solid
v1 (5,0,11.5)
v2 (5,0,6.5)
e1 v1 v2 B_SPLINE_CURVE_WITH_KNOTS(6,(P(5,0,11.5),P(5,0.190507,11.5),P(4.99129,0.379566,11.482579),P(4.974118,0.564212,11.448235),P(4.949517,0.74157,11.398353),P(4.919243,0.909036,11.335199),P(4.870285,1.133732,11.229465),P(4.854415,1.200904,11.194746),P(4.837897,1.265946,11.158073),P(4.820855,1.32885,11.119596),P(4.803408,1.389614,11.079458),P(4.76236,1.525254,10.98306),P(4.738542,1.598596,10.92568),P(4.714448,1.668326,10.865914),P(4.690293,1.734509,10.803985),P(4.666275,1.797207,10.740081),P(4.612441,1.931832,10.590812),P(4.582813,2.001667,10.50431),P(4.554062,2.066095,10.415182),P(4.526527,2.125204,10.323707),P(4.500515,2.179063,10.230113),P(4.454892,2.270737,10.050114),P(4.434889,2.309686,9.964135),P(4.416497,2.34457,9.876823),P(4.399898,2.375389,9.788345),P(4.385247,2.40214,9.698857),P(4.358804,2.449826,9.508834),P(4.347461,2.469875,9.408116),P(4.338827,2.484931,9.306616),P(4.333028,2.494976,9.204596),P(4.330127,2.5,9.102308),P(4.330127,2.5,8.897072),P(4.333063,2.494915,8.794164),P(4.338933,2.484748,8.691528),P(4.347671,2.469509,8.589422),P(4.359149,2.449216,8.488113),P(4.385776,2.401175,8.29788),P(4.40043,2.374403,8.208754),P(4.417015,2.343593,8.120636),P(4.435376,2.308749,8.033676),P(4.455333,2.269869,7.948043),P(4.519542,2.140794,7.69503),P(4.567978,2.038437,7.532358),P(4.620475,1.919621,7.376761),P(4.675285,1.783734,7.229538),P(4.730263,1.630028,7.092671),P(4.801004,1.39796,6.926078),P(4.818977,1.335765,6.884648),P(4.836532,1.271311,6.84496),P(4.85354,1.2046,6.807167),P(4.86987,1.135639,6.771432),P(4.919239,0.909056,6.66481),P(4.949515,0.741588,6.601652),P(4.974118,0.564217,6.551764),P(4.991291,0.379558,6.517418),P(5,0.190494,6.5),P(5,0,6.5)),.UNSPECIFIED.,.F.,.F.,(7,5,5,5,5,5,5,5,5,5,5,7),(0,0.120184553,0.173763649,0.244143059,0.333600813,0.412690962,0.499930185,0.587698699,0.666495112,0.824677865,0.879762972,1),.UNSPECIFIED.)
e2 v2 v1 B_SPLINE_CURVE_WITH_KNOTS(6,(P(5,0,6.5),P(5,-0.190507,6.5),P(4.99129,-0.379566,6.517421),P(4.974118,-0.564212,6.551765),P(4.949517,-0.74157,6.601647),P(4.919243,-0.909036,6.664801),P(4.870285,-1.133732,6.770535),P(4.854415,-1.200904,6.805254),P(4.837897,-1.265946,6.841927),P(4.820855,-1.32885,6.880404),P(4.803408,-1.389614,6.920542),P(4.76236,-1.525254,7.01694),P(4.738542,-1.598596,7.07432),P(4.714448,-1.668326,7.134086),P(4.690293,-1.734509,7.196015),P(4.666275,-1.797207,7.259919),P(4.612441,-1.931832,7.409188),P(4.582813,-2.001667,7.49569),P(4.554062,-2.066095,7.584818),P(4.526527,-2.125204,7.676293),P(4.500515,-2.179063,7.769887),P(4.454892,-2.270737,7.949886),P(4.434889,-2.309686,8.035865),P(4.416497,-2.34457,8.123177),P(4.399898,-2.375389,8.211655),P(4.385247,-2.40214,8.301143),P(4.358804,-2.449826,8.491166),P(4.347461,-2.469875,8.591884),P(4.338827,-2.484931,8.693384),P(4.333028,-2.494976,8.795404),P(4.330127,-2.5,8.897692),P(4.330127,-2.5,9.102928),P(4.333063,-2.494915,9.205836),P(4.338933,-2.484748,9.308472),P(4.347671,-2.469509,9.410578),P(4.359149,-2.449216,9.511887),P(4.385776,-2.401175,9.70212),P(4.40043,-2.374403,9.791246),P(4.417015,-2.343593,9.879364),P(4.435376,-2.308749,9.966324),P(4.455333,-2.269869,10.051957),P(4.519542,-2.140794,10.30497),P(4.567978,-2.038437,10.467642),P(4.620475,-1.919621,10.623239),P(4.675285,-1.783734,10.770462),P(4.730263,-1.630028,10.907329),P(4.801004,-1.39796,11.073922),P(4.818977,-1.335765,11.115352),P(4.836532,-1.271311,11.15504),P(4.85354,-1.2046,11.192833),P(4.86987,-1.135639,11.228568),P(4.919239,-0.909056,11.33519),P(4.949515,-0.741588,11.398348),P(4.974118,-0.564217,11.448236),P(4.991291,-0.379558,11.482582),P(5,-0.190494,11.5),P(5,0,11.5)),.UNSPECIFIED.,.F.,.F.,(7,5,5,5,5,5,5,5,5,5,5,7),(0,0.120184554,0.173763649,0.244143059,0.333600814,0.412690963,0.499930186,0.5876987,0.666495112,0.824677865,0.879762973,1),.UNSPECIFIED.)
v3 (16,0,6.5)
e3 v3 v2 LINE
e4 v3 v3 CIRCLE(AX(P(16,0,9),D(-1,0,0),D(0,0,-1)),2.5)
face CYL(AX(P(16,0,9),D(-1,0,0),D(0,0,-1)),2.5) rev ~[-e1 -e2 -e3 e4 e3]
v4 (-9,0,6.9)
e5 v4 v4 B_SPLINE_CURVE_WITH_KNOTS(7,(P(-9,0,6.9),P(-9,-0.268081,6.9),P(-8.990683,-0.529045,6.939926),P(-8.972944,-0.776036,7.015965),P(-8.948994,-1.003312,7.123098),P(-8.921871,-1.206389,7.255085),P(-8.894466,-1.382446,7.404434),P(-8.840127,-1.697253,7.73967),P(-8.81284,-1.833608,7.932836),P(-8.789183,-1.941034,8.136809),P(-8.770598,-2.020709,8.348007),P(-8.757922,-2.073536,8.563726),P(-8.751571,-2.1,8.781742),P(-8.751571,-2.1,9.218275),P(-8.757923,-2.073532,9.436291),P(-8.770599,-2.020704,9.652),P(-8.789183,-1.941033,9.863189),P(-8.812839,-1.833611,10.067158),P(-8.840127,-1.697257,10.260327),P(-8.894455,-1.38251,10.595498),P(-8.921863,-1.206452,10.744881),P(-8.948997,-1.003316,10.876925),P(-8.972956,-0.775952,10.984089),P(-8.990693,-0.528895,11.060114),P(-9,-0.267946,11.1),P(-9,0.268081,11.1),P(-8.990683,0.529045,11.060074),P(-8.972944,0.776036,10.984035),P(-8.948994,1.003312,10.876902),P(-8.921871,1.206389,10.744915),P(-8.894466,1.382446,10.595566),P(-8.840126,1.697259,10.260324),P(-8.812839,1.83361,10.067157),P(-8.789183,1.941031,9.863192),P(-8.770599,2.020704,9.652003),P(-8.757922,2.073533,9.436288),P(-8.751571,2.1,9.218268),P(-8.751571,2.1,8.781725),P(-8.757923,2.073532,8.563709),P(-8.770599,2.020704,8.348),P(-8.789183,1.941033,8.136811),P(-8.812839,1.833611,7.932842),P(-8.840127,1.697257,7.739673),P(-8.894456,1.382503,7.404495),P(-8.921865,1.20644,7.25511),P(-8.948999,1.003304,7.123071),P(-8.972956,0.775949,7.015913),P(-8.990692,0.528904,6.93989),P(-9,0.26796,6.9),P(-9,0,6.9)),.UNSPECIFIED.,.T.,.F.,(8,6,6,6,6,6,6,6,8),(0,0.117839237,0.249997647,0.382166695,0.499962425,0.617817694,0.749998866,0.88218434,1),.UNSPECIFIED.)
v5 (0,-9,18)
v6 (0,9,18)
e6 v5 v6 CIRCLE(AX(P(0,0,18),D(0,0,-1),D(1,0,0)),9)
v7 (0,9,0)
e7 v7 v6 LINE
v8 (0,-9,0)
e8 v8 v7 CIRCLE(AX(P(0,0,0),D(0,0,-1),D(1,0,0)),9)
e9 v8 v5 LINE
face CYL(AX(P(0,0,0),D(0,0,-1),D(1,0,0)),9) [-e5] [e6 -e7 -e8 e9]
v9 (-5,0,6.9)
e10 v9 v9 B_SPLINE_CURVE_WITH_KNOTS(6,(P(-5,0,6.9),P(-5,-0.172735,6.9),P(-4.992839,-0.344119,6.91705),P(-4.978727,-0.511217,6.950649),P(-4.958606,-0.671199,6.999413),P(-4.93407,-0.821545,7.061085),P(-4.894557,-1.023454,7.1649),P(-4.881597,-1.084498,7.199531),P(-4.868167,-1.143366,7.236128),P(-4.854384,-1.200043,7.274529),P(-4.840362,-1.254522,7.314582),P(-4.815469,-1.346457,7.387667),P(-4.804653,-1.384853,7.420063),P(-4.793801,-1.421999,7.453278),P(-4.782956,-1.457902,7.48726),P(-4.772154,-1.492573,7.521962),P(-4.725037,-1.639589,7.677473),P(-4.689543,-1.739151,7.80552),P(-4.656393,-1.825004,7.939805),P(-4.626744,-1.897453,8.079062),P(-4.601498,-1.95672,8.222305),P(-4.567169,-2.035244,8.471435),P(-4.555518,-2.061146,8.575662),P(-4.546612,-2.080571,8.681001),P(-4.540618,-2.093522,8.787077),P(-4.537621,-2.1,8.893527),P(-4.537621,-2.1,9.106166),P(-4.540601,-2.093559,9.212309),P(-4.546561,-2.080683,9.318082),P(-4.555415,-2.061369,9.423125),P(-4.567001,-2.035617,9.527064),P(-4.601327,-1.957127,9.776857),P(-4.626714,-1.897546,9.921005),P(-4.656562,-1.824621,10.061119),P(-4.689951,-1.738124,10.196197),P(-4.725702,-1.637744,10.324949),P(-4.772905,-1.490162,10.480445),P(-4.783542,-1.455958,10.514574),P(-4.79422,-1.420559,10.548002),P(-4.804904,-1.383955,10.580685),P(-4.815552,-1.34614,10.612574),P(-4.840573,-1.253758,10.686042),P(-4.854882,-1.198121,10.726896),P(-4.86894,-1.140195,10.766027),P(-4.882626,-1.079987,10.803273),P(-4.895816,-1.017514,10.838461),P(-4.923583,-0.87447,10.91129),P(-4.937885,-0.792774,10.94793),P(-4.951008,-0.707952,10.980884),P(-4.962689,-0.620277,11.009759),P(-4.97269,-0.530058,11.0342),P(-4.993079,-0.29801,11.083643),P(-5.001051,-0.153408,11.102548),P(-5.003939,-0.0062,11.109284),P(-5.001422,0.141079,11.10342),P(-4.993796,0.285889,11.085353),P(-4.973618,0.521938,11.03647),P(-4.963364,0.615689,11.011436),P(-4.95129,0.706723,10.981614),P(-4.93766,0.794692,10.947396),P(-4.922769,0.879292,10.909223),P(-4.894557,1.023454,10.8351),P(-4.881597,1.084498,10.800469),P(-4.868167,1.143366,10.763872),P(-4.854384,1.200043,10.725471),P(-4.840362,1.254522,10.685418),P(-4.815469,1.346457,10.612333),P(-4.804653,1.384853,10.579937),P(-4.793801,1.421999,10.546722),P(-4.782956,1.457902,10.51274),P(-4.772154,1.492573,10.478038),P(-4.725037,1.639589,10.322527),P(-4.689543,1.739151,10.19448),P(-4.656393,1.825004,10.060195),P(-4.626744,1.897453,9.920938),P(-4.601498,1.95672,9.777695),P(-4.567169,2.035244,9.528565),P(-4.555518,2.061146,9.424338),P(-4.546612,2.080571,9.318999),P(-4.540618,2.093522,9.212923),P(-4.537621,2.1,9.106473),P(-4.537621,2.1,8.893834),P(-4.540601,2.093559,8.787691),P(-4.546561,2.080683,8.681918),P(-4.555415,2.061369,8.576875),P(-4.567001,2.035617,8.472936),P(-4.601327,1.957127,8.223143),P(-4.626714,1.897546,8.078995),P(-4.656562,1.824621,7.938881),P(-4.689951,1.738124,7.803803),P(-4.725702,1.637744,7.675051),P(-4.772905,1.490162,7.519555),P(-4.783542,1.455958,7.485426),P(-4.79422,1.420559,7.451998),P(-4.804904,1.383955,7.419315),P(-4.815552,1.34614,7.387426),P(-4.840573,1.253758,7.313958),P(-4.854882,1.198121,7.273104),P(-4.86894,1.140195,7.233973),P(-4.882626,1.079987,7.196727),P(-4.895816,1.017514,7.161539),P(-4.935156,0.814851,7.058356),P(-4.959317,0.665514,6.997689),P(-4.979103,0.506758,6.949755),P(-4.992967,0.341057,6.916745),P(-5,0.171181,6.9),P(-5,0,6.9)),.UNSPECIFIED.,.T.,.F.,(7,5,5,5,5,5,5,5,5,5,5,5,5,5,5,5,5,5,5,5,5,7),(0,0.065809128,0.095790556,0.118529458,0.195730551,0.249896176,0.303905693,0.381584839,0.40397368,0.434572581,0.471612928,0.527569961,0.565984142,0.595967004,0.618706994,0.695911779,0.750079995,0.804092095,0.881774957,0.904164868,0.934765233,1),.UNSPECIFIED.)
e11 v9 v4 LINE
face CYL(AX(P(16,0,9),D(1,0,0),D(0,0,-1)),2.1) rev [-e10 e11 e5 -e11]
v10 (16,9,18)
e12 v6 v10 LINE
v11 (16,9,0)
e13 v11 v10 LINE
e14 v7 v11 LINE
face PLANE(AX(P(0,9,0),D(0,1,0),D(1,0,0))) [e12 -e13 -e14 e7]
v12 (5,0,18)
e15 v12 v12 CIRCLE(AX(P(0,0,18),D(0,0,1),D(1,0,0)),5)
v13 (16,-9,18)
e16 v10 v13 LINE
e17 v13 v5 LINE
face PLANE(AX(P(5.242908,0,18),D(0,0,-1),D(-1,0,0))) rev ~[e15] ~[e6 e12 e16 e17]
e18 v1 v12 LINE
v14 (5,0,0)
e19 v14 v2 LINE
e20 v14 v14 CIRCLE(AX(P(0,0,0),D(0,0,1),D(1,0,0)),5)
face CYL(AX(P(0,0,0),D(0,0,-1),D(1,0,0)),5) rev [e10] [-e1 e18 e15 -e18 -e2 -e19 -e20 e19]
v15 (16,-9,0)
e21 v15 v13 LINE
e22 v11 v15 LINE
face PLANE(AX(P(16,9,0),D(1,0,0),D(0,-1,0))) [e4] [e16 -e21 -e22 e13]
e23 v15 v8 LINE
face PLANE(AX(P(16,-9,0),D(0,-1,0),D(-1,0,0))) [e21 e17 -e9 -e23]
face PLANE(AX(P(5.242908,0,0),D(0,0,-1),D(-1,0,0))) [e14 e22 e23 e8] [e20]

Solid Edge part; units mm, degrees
sketch "Sketch1" plane through (0, 0, 0) normal (0, 0, 1) x (1, 0, 0)
  line L0 (16, -9) -> (0, -9)
  line L1 (0, 9) -> (16, 9)
  line L2 (16, 9) -> (16, -9)
  arc A0 (0, -9) -> (0, 9) centre (0, 0) cw
  circle A1 centre (0, 0) radius 5
extrude "Protrusion1" add sketch "Sketch1" along normal blind 18
hole "Furo_2" at (16, 0, 9) direction (-1, 0, 0) diameter 5 depth 16
hole "Furo_3" at (16, 0, 9) direction (-1, 0, 0) diameter 4.2 end up to next
